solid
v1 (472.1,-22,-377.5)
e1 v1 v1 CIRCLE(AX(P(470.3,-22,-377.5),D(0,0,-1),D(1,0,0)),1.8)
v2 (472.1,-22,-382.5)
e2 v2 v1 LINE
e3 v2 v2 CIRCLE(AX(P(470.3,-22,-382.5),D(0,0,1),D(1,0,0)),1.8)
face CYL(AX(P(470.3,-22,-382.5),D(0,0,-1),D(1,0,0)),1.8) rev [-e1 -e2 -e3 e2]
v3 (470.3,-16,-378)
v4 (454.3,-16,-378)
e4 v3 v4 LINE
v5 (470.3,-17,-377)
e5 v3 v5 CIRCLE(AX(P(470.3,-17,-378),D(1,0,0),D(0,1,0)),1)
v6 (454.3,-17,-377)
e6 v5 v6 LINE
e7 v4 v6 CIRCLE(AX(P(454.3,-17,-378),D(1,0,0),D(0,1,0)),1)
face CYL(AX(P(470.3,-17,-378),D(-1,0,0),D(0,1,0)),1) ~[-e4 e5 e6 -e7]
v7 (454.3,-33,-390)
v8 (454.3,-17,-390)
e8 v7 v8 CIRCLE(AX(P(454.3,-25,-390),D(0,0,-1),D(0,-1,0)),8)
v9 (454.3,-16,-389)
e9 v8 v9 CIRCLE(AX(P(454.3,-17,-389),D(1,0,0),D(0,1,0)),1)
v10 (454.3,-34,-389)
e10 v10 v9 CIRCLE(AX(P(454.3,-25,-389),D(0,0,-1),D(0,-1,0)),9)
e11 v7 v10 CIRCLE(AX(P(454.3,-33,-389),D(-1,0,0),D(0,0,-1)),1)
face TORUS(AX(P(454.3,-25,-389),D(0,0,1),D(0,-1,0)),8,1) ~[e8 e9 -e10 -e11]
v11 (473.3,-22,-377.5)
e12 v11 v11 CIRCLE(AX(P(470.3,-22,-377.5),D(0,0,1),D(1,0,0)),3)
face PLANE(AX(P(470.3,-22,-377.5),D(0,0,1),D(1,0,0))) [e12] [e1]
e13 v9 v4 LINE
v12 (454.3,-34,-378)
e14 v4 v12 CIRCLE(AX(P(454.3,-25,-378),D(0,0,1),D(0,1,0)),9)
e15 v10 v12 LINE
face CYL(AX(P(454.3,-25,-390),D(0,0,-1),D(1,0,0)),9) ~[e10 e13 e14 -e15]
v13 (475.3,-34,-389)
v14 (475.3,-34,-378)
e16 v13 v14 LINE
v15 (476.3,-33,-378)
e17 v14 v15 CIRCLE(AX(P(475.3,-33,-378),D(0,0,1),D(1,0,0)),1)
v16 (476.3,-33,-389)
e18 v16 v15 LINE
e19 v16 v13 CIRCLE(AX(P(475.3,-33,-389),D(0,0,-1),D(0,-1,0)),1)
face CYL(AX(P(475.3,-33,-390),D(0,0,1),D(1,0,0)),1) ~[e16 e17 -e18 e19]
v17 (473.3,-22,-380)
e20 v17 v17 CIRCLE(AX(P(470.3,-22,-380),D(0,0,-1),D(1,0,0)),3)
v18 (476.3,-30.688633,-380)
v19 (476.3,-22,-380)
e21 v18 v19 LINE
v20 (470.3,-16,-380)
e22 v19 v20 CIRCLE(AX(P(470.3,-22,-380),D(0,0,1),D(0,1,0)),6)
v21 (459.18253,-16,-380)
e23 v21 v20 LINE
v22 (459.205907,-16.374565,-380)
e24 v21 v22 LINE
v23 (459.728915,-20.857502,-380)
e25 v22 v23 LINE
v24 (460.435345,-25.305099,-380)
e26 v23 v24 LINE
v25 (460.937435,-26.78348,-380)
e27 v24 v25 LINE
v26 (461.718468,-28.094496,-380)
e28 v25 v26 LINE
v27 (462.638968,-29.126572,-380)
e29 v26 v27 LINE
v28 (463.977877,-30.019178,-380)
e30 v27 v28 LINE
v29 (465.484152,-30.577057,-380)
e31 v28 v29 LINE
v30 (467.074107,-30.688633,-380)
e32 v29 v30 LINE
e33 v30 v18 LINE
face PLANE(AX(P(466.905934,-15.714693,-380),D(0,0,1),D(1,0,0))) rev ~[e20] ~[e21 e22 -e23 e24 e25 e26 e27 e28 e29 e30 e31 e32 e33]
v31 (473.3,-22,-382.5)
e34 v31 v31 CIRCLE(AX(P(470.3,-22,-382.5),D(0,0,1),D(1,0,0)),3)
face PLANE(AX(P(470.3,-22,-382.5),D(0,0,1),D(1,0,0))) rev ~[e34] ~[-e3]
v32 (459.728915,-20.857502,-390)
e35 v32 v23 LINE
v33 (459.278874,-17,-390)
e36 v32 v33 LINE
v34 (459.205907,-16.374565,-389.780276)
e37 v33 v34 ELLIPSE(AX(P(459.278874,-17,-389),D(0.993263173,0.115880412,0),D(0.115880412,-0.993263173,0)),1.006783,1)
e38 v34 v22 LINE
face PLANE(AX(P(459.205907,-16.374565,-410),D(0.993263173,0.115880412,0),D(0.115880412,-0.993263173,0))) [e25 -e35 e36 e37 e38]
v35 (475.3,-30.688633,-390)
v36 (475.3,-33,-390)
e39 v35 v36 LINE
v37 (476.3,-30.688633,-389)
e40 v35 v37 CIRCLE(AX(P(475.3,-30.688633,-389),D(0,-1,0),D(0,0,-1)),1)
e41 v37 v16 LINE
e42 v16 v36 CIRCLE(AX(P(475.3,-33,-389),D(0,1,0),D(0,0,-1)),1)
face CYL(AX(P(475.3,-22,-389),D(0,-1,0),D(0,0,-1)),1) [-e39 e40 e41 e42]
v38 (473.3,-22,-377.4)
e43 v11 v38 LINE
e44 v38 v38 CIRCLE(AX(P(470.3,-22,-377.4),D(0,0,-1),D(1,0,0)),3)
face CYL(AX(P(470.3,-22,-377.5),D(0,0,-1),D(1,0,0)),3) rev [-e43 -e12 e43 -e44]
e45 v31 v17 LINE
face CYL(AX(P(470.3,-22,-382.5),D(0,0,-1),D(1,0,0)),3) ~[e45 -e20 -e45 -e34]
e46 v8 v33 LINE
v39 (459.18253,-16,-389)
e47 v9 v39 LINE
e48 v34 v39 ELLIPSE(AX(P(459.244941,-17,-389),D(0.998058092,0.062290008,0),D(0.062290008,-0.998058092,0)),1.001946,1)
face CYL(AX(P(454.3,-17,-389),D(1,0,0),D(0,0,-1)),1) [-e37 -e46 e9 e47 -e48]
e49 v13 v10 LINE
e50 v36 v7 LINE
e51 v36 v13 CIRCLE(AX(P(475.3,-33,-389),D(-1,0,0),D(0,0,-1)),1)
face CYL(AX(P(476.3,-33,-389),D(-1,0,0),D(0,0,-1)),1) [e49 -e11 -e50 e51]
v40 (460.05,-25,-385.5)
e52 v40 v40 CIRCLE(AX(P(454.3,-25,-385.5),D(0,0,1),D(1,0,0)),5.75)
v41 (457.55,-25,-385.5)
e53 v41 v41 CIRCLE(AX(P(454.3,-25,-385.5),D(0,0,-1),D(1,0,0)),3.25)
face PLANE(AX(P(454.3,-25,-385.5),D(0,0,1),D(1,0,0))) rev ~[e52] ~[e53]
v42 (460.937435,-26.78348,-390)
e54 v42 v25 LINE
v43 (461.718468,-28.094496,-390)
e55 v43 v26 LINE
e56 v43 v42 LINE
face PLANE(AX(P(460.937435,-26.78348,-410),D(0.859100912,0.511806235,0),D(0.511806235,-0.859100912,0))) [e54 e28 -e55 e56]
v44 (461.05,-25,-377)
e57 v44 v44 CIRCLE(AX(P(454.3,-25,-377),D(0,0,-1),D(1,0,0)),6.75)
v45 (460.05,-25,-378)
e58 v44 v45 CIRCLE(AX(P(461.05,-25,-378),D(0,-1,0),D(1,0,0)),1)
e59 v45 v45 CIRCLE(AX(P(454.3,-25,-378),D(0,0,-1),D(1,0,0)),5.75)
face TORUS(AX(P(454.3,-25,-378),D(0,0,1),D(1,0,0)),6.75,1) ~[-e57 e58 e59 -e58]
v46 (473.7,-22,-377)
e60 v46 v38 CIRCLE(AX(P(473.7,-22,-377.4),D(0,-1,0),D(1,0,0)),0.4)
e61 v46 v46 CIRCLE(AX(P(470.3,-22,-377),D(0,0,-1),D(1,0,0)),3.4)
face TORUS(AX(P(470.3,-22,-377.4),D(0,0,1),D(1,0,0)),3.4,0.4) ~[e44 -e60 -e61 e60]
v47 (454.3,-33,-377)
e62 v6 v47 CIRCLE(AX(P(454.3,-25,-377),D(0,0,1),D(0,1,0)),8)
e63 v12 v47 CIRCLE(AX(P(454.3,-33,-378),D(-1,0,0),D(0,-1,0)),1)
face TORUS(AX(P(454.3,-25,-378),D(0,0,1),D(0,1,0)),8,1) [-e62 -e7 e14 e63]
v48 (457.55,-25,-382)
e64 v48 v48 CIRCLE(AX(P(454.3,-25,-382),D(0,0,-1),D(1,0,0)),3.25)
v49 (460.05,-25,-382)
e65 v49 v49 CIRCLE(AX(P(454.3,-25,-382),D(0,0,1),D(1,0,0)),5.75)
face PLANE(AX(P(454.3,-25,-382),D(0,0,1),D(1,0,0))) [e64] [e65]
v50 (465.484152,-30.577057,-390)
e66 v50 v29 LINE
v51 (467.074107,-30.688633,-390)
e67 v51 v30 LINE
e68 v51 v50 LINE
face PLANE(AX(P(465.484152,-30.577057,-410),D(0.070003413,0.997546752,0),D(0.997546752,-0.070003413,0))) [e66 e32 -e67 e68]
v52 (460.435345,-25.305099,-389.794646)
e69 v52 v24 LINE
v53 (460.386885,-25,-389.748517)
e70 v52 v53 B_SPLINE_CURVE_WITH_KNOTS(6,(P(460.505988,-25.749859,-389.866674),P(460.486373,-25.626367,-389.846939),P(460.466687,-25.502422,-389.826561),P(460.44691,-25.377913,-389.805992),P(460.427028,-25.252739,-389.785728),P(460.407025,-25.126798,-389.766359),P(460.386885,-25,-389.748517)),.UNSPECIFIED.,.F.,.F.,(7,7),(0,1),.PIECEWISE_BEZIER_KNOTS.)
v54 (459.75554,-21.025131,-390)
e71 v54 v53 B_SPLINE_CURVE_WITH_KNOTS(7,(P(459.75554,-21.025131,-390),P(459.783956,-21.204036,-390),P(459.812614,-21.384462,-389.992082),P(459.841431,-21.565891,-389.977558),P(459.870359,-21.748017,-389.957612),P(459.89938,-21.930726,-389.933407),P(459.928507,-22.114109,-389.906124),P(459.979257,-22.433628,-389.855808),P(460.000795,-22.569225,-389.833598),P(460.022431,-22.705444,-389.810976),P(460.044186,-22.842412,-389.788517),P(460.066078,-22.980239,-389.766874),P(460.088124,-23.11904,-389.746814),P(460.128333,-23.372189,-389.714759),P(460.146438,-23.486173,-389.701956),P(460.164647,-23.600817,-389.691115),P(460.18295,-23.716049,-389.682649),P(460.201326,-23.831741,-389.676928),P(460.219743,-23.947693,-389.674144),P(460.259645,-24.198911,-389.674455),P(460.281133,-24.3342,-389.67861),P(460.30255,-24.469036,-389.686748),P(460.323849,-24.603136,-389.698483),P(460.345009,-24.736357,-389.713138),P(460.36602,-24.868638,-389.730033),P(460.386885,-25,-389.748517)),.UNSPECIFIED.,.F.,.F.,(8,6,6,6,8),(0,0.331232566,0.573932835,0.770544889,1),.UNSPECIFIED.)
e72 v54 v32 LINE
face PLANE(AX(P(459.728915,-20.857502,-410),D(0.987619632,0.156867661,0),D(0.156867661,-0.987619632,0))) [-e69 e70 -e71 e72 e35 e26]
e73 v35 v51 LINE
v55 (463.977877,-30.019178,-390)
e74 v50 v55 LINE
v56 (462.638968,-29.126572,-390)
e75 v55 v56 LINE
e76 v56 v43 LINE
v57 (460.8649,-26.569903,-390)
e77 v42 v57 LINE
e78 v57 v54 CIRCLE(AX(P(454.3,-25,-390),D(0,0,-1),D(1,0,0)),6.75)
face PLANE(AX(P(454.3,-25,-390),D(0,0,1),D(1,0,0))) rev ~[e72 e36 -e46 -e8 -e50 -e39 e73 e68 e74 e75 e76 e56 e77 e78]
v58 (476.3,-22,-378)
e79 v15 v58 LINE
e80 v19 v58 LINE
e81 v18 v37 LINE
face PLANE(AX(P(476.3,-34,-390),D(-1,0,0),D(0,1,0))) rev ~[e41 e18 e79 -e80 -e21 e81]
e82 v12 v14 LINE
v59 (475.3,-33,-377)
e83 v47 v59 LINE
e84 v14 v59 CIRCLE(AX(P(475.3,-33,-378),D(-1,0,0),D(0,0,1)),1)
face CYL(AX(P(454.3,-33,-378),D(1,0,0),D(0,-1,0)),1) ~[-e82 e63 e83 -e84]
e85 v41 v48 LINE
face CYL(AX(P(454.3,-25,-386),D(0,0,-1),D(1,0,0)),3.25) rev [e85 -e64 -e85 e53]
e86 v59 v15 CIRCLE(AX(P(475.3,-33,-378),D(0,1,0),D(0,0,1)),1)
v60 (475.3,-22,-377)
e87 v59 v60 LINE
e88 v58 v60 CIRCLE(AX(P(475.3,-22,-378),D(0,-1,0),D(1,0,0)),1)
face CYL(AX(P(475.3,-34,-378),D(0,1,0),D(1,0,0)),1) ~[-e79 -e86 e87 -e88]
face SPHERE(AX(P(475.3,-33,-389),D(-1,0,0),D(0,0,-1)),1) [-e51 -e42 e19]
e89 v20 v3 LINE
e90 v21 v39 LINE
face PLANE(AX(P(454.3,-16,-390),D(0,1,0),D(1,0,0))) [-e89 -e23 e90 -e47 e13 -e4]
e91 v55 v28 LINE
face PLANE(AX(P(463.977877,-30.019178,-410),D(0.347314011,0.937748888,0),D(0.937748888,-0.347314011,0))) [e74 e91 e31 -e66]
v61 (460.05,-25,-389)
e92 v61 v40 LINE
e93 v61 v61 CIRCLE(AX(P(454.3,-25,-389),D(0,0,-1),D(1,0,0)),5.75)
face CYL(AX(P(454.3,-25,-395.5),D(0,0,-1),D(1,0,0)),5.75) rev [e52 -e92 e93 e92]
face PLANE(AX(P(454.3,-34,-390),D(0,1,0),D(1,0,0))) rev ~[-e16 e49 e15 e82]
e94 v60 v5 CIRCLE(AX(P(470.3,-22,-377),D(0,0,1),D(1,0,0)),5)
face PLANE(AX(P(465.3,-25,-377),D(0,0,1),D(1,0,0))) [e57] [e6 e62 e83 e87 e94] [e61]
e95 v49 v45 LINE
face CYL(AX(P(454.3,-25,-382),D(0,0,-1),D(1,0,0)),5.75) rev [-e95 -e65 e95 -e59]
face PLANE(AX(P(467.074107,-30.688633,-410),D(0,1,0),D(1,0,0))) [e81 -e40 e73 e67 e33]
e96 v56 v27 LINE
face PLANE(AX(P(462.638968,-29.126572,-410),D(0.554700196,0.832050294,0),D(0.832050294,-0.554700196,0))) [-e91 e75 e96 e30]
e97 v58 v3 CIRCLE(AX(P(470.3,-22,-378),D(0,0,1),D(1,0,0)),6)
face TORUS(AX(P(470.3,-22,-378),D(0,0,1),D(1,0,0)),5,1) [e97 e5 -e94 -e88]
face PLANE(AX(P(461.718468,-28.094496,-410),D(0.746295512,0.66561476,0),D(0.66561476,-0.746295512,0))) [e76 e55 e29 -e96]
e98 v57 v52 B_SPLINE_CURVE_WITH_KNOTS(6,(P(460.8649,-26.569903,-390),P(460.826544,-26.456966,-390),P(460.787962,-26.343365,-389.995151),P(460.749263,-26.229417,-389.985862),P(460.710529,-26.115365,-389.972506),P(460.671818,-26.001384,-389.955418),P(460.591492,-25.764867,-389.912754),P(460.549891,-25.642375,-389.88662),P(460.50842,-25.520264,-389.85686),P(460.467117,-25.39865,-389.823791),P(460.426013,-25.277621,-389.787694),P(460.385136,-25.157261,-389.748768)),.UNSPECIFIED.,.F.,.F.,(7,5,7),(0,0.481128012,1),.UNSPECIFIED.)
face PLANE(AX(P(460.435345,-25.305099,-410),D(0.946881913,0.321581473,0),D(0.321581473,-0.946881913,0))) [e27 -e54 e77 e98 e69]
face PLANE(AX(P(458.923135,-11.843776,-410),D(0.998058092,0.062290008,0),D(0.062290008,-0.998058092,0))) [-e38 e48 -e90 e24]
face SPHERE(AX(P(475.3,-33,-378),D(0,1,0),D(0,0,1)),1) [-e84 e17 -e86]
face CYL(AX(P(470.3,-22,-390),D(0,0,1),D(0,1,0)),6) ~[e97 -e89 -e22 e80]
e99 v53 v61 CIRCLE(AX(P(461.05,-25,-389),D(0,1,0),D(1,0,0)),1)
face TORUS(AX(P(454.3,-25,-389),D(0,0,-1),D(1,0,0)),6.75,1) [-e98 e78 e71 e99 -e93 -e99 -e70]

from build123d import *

# Parameters (mm, degrees)
CYLINDER114_R     = 1.8
CYLINDER114_DEPTH = 7
CYLINDER115_R     = 3
CYLINDER115_DEPTH = 7
PAD_DEPTH         = 30
BOX002_W          = 10
BOX002_H          = 10
BOX002_DEPTH      = 10
BOX003_W          = 17
BOX003_H          = 10
BOX003_DEPTH      = 10
CYLINDER018_R     = 5.75
CYLINDER018_DEPTH = 10
CYLINDER017_R     = 3.25
CYLINDER017_DEPTH = 10
CYLINDER113_R     = 5.75
CYLINDER113_DEPTH = 10
CYLINDER112_R     = 3.25
CYLINDER112_DEPTH = 10
BOX_W             = 22
BOX_H             = 18
BOX_DEPTH         = 13
CYLINDER111_R     = 9
CYLINDER111_DEPTH = 13
FILLET038_R       = 6
FILLET001_R       = 1
FILLET002_R       = 1
FILLET003_R       = 1
CYLINDER019_R     = 3
CYLINDER019_DEPTH = 3
FILLET004_R       = 0.4


with BuildPart() as m3cut:
    # Cylinder114 → Cylinder114 (new body)
    with BuildSketch(Plane(origin=(-4.5, -22, 62.5), x_dir=(1, 0, 0), z_dir=(0, 0, 1))):
        Circle(CYLINDER114_R)
    extrude(amount=CYLINDER114_DEPTH)


with BuildPart() as fusion009:
    # Cylinder115 → Cylinder115 (new body)
    with BuildSketch(Plane(origin=(-4.5, -22, 67.5), x_dir=(1, 0, 0), z_dir=(0, 0, 1))):
        Circle(CYLINDER115_R)
    extrude(amount=CYLINDER115_DEPTH)

    # Fusion009: union m3Cut
    add(m3cut.part)


with BuildPart() as body012:
    # Sketch066 → Pad (new body)
    with BuildSketch(Plane.XY):
        Polygon((-15.594093, -16.374565), (-15.071085, -20.857502), (-14.364655, -25.305099), (-13.862565, -26.78348), (-13.081532, -28.094496), (-12.161032, -29.126572), (-10.822123, -30.019178), (-9.315848, -30.577057), (-7.725893, -30.688633), (7.476312, -30.688633), (-15.876865, 6.281797), (-15.876865, -11.843776), align=None)
    extrude(amount=PAD_DEPTH)

    # Box002 → Box002 (join)
    with BuildSketch(Plane.XY):
        with Locations((5, 5)):
            Rectangle(BOX002_W, BOX002_H)
    extrude(amount=BOX002_DEPTH)


with BuildPart() as body012_1:
    # Body placement: moved
    add(body012.part.moved(Location((0, 0, 35))))


with BuildPart() as firstcuts:
    # Box003 → Box003 (new body)
    with BuildSketch(Plane(origin=(-10, -24, 55), x_dir=(1, 0, 0), z_dir=(0, 0, 1))):
        with Locations((8.5, 5)):
            Rectangle(BOX003_W, BOX003_H)
    extrude(amount=BOX003_DEPTH)

    # Fusion007: union Body012
    add(body012_1.part)


with BuildPart() as antennain005:
    # Cylinder018 → Cylinder018 (new body)
    with BuildSketch(Plane(origin=(-23, 0, 69), x_dir=(1, 0, 0), z_dir=(0, 0, 1))):
        Circle(CYLINDER018_R)
    extrude(amount=CYLINDER018_DEPTH)


with BuildPart() as fusion065:
    # Cylinder017 → Cylinder017 (new body)
    with BuildSketch(Plane(origin=(-23, 0, 65), x_dir=(1, 0, 0), z_dir=(0, 0, 1))):
        Circle(CYLINDER017_R)
    extrude(amount=CYLINDER017_DEPTH)

    # Fusion065: union antennaIn005
    add(antennain005.part)


with BuildPart() as fusion065_1:
    # Fusion065 placement: moved
    add(fusion065.part.moved(Location((2.5, -25, -19.5))))


with BuildPart() as antennain003:
    # Cylinder113 → Cylinder113 (new body)
    with BuildSketch(Plane(origin=(-23, 0, 69), x_dir=(1, 0, 0), z_dir=(0, 0, 1))):
        Circle(CYLINDER113_R)
    extrude(amount=CYLINDER113_DEPTH)


with BuildPart() as antennacuts:
    # Cylinder112 → Cylinder112 (new body)
    with BuildSketch(Plane(origin=(-23, 0, 65), x_dir=(1, 0, 0), z_dir=(0, 0, 1))):
        Circle(CYLINDER112_R)
    extrude(amount=CYLINDER112_DEPTH)

    # Fusion064: union antennaIn003
    add(antennain003.part)


with BuildPart() as antennacuts_1:
    # Fusion064 placement: moved
    add(antennacuts.part.moved(Location((2.5, -25, -6))))

    # Fusion006: union Fusion065
    add(fusion065_1.part)


with BuildPart() as cube:
    # Box → Box (new body)
    with BuildSketch(Plane(origin=(-20.5, -34, 56), x_dir=(1, 0, 0), z_dir=(0, 0, 1))):
        with Locations((11, 9)):
            Rectangle(BOX_W, BOX_H)
    extrude(amount=BOX_DEPTH)


with BuildPart() as cut001:
    # Cylinder111 → Cylinder111 (new body)
    with BuildSketch(Plane(origin=(-20.5, -25, 56), x_dir=(1, 0, 0), z_dir=(0, 0, 1))):
        Circle(CYLINDER111_R)
    extrude(amount=CYLINDER111_DEPTH)

    # Fusion063: union Cube
    add(cube.part)


with BuildPart() as cut001_1:
    # Fusion063 placement: moved
    add(cut001.part.moved(Location((0, 0, -1))))

    # Fillet038
    fillet038_edges = [cut001_1.edges().sort_by_distance(p)[0] for p in [
        (1.5, -16, 61.5),
    ]]
    fillet(fillet038_edges, radius=FILLET038_R)

    # Fillet001
    fillet001_edges = [cut001_1.edges().sort_by_distance(p)[0] for p in [
        (-12.5, -16, 55),
        (1.5, -28, 55),
        (-14.136039, -31.363961, 55),
        (-20.5, -16, 61.5),
        (1.5, -28, 68),
        (1.5, -34, 61.5),
        (-9.5, -34, 68),
        (-29.5, -25, 55),
        (-29.5, -25, 68),
    ]]
    fillet(fillet001_edges, radius=FILLET001_R)

    # Cut029: cut antennaCuts
    add(antennacuts_1.part, mode=Mode.SUBTRACT)

    # Fillet002
    fillet002_edges = [cut001_1.edges().sort_by_distance(p)[0] for p in [
        (-16.434136, -29.065864, 68),
        (-16.434136, -20.934136, 68),
    ]]
    fillet(fillet002_edges, radius=FILLET002_R)

    # Fillet003
    fillet003_edges = [cut001_1.edges().sort_by_distance(p)[0] for p in [
        (0.5, -27.5, 55),
        (1.207107, -33, 55.292893),
        (-26.25, -25, 55),
    ]]
    fillet(fillet003_edges, radius=FILLET003_R)

    # Cut001: cut firstCuts
    add(firstcuts.part, mode=Mode.SUBTRACT)


with BuildPart() as antennaholder:
    # Cylinder019 → Cylinder019 (new body)
    with BuildSketch(Plane(origin=(-4.5, -22, 62.5), x_dir=(1, 0, 0), z_dir=(0, 0, 1))):
        Circle(CYLINDER019_R)
    extrude(amount=CYLINDER019_DEPTH)

    # Fusion008: union Cut001
    add(cut001_1.part)

    # Cut002: cut Fusion009
    add(fusion009.part, mode=Mode.SUBTRACT)


with BuildPart() as antennaholder_1:
    # Cut002 placement: moved
    add(antennaholder.part.moved(Location((74.8, 0, -176.8))))

    # Fillet004
    fillet004_edges = [antennaholder_1.edges().sort_by_distance(p)[0] for p in [
        (67.3, -22, -108.8),
    ]]
    fillet(fillet004_edges, radius=FILLET004_R)


with BuildPart() as antennaholder_2:
    # Fillet004 placement: moved
    add(antennaholder_1.part.moved(Location((400, 0, -268.2))))


solid = antennaholder_2.part
